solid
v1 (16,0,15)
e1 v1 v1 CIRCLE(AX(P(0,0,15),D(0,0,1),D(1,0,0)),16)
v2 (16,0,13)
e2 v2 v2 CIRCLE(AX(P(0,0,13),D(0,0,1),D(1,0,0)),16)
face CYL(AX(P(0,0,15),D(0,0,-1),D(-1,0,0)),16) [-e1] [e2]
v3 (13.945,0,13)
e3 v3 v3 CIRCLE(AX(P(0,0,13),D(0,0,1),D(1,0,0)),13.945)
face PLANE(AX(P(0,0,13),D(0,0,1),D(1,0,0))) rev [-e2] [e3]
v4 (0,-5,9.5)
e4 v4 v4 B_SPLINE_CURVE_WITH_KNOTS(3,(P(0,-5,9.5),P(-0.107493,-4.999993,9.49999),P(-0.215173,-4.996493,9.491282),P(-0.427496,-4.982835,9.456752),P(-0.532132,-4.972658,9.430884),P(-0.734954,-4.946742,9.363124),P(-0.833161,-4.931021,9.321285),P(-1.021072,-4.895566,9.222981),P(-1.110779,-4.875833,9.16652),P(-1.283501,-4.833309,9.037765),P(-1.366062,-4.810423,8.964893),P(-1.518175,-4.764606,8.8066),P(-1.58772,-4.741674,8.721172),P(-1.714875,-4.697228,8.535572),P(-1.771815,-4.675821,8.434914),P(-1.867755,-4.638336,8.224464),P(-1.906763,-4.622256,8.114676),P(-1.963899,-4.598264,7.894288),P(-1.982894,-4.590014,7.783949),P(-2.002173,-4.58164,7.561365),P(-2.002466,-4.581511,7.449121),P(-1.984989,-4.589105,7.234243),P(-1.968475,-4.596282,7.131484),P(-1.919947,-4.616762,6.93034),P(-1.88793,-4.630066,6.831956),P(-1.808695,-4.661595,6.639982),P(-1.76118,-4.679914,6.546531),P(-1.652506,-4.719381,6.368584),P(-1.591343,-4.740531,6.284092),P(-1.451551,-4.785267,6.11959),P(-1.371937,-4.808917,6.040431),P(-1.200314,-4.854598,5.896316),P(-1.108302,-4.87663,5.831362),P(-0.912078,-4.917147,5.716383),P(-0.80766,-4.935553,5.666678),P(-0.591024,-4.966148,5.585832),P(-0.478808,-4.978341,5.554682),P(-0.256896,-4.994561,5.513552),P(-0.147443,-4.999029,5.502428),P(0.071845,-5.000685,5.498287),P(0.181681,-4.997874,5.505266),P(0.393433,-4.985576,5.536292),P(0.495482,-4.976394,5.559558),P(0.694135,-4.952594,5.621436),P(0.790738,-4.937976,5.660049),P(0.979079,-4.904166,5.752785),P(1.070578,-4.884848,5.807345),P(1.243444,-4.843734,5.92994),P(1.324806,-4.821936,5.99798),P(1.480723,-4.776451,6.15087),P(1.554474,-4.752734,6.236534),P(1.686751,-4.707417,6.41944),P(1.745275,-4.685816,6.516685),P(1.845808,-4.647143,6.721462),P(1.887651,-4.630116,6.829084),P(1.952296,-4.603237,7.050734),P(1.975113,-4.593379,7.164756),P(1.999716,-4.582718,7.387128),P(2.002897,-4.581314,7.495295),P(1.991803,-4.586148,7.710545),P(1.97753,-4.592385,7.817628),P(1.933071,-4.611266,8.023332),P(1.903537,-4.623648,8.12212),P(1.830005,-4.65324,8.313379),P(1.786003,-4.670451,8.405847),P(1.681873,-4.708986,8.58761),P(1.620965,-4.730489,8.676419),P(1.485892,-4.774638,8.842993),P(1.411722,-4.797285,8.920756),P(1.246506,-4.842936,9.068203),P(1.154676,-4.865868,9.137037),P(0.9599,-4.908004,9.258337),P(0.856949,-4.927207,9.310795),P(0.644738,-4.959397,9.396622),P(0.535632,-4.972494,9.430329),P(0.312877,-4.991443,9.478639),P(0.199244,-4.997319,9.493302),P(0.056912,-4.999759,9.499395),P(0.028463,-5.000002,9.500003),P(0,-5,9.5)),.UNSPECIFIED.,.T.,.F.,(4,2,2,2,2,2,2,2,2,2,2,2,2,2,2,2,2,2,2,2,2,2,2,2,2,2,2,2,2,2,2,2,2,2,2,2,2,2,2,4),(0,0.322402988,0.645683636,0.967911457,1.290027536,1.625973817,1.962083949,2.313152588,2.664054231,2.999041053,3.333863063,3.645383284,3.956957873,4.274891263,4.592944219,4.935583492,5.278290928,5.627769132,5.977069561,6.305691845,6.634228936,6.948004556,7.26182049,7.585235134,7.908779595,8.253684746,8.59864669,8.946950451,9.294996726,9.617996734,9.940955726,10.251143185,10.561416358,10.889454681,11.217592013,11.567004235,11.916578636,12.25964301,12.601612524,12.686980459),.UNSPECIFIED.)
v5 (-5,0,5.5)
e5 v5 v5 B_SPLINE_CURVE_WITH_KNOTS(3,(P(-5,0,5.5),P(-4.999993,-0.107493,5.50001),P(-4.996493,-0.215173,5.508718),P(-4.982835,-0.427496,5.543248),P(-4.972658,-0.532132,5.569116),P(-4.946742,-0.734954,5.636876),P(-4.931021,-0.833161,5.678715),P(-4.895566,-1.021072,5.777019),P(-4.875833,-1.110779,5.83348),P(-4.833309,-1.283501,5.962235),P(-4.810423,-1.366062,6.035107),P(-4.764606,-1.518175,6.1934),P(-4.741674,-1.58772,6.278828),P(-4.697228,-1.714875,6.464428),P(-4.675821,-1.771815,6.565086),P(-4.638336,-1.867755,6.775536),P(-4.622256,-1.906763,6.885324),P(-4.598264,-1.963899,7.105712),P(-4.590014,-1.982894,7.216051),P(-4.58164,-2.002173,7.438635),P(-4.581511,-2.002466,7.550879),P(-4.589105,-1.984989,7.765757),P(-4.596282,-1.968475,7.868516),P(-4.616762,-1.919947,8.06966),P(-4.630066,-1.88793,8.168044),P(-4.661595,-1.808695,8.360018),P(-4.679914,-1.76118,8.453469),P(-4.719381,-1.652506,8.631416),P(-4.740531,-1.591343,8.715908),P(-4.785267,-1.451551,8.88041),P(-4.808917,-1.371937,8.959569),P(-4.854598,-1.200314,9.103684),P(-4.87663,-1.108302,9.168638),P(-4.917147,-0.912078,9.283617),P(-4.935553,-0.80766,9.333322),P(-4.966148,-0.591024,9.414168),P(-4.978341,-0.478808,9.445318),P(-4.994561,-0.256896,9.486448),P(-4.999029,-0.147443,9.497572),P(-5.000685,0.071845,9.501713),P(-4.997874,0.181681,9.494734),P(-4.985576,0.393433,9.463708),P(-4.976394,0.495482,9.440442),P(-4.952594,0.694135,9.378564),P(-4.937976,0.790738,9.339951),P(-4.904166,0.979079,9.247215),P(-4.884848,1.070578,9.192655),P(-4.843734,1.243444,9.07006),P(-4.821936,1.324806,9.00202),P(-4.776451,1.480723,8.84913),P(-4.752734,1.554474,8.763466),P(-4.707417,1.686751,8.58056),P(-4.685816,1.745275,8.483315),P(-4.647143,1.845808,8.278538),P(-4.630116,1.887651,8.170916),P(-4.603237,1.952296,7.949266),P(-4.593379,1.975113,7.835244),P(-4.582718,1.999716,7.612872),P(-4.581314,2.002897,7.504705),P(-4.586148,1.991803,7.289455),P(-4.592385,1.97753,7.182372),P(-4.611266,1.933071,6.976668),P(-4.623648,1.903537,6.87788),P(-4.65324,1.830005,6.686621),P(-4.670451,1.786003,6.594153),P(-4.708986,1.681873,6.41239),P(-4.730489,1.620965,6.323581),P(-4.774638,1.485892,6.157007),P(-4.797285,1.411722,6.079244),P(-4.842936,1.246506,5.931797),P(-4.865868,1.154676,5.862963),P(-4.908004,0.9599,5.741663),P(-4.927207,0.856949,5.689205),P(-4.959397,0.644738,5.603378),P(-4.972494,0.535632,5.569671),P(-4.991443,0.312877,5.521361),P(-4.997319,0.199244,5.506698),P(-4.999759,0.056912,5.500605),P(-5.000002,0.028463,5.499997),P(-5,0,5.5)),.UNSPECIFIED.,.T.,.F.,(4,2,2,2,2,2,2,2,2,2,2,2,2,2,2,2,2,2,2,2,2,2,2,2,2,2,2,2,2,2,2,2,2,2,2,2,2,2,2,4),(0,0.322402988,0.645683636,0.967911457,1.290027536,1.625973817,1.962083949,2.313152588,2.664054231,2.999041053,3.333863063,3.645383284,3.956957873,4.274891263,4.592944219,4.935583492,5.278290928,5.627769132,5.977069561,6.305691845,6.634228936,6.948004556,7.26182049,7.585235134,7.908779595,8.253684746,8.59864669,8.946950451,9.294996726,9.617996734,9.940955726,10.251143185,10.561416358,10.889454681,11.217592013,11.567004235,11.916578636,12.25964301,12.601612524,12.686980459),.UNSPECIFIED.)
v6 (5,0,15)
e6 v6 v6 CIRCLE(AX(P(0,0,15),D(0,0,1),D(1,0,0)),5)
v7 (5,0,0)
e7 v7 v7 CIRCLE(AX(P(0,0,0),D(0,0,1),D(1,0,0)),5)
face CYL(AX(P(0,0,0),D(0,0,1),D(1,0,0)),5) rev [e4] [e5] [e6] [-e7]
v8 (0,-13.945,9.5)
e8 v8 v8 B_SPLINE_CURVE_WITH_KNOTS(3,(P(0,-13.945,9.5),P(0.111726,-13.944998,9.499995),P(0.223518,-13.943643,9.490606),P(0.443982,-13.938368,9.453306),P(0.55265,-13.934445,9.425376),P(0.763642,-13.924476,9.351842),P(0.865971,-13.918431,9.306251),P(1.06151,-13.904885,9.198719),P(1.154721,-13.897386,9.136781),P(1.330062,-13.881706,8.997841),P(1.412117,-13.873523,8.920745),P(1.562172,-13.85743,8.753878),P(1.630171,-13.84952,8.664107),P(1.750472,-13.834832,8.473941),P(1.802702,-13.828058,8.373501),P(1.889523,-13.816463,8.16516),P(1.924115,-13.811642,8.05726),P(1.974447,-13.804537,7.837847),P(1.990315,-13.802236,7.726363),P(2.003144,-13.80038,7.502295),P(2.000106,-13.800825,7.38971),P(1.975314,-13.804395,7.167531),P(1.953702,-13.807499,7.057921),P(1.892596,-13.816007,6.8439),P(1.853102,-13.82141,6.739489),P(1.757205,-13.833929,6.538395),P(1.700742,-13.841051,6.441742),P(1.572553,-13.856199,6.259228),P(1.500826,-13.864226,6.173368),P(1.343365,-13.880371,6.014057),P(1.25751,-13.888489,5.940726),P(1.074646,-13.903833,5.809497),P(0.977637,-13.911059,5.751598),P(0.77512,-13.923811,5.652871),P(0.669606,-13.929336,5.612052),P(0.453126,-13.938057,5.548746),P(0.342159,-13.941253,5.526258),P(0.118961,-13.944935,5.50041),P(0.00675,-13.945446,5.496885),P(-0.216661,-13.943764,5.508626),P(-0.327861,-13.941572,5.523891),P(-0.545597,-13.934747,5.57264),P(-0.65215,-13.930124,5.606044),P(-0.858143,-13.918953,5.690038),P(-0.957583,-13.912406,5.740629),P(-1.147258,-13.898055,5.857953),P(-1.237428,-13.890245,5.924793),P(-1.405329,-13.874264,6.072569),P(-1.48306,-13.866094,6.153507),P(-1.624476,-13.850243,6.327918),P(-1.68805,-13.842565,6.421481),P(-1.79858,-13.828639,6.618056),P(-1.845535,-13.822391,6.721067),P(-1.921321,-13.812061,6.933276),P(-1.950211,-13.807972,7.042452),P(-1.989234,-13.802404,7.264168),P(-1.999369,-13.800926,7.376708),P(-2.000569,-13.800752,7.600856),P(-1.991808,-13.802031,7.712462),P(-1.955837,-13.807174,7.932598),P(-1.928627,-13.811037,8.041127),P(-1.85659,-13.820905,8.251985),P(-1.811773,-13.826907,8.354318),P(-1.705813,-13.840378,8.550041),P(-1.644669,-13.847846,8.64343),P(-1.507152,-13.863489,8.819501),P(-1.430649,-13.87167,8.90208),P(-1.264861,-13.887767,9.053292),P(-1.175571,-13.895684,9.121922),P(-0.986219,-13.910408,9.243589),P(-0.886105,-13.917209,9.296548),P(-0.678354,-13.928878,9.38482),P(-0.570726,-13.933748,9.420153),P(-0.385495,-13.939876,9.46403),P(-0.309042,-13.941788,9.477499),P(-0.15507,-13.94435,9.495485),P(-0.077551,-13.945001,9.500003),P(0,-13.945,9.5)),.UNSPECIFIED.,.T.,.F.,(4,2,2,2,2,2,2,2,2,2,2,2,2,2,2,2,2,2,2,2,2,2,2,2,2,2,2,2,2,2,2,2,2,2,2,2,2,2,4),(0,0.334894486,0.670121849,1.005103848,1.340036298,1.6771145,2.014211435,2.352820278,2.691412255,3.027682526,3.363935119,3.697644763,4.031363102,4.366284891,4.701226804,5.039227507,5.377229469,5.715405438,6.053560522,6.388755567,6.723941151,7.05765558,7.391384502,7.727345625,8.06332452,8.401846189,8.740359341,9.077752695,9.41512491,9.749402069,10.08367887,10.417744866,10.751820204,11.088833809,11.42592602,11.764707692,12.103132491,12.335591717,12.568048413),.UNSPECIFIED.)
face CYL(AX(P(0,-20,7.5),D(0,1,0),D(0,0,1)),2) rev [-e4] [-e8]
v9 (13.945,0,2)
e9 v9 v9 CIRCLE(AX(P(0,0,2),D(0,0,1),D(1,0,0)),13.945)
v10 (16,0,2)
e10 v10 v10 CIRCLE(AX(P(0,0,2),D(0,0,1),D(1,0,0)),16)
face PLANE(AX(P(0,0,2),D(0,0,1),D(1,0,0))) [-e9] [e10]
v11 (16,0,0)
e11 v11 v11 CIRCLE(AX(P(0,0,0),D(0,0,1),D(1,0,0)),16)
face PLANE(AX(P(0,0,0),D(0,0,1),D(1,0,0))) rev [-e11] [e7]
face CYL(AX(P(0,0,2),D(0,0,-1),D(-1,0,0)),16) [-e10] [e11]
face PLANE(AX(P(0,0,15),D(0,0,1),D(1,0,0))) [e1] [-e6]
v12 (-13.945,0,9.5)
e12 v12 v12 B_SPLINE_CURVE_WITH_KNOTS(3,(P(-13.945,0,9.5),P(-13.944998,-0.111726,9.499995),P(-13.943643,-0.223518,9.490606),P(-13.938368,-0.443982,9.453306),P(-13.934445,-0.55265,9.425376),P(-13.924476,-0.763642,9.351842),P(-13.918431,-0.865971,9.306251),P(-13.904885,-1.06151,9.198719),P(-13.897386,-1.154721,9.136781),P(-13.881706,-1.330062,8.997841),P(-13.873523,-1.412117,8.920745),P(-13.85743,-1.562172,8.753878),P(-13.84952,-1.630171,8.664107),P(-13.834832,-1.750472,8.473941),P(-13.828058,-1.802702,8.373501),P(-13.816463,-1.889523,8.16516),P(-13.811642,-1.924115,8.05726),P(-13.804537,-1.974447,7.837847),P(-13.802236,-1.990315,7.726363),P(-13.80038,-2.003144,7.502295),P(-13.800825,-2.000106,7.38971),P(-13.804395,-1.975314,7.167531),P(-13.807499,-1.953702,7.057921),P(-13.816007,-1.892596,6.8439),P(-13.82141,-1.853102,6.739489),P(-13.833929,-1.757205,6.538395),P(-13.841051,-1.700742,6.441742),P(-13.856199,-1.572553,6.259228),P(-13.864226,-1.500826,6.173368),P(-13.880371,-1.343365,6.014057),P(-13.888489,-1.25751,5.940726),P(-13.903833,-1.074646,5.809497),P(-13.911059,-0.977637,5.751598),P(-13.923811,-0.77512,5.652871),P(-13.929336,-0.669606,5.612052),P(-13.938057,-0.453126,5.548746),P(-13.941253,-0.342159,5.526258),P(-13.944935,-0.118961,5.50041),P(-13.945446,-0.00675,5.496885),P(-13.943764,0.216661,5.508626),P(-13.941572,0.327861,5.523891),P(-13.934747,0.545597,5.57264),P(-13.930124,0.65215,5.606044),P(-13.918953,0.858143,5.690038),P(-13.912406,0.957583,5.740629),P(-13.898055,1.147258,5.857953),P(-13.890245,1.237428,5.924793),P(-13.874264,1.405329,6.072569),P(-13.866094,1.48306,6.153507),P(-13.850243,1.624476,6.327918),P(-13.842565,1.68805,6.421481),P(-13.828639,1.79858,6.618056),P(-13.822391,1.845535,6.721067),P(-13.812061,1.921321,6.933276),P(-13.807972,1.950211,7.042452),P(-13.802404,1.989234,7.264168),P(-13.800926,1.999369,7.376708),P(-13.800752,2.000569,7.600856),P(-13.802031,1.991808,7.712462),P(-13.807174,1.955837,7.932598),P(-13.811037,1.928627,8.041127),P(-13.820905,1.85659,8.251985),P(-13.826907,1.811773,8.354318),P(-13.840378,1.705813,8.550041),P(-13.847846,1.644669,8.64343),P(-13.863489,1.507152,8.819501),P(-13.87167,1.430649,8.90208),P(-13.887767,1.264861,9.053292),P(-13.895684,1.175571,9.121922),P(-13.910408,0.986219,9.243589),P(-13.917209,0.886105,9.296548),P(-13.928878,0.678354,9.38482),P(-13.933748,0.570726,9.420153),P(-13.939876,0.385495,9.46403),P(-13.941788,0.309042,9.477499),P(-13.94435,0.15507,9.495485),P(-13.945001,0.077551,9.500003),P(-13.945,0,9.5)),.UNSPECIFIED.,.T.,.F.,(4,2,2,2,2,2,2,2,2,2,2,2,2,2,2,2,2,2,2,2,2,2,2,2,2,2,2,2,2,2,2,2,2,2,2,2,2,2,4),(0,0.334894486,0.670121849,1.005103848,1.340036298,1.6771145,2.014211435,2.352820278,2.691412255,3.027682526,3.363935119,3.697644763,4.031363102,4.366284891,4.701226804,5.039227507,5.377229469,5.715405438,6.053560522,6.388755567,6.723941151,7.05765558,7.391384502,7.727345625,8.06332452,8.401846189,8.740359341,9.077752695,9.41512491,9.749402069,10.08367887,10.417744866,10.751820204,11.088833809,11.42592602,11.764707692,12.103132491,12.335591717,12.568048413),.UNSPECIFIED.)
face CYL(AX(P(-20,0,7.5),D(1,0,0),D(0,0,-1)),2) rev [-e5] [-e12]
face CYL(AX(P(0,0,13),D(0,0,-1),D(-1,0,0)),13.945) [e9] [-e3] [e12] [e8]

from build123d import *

# Parameters (mm, degrees)
SKETCH_1_R          = 16
EXTRUDE_1_DEPTH     = 2
SKETCH_2_R          = 13.945
EXTRUDE_2_DEPTH     = 11
SKETCH_3_R          = 16
EXTRUDE_3_DEPTH     = 2
SKETCH_4_R          = 5
CUT_EXTRUDE_1_DEPTH = 15
SKETCH_5_R          = 2
CUT_EXTRUDE_2_DEPTH = 20
SKETCH_8_R          = 2
CUT_EXTRUDE_3_DEPTH = 20


with BuildPart() as part:
    # 草图1 → 凸台-拉伸1 (new body)
    with BuildSketch(Plane.XY):
        Circle(SKETCH_1_R)
    extrude(amount=EXTRUDE_1_DEPTH)

    # 草图2 → 凸台-拉伸2 (add)
    with BuildSketch(Plane.XY.offset(2)):
        Circle(SKETCH_2_R)
    extrude(amount=EXTRUDE_2_DEPTH)

    # 草图3 → 凸台-拉伸3 (add)
    with BuildSketch(Plane.XY.offset(13)):
        Circle(SKETCH_3_R)
    extrude(amount=EXTRUDE_3_DEPTH)

    # 草图4 → 切除-拉伸1 (cut)
    with BuildSketch(Plane.XY.offset(15)):
        Circle(SKETCH_4_R)
    extrude(amount=-CUT_EXTRUDE_1_DEPTH, mode=Mode.SUBTRACT)

    # 草图5 → 切除-拉伸2 (cut)
    with BuildSketch(Plane(origin=(0, 0, 0), x_dir=(1, 0, 0), z_dir=(0, 1, 0))):
        with Locations(Location((0, -7.5, 0), (0, 0, 270))):
            Circle(SKETCH_5_R)
    extrude(amount=-CUT_EXTRUDE_2_DEPTH, mode=Mode.SUBTRACT)

    # 草图8 → 切除-拉伸3 (cut)
    with BuildSketch(Plane(origin=(0, 0, 0), x_dir=(0, 0, -1), z_dir=(1, 0, 0))):
        with Locations((-7.5, 0)):
            Circle(SKETCH_8_R)
    extrude(amount=-CUT_EXTRUDE_3_DEPTH, mode=Mode.SUBTRACT)


solid = part.part
